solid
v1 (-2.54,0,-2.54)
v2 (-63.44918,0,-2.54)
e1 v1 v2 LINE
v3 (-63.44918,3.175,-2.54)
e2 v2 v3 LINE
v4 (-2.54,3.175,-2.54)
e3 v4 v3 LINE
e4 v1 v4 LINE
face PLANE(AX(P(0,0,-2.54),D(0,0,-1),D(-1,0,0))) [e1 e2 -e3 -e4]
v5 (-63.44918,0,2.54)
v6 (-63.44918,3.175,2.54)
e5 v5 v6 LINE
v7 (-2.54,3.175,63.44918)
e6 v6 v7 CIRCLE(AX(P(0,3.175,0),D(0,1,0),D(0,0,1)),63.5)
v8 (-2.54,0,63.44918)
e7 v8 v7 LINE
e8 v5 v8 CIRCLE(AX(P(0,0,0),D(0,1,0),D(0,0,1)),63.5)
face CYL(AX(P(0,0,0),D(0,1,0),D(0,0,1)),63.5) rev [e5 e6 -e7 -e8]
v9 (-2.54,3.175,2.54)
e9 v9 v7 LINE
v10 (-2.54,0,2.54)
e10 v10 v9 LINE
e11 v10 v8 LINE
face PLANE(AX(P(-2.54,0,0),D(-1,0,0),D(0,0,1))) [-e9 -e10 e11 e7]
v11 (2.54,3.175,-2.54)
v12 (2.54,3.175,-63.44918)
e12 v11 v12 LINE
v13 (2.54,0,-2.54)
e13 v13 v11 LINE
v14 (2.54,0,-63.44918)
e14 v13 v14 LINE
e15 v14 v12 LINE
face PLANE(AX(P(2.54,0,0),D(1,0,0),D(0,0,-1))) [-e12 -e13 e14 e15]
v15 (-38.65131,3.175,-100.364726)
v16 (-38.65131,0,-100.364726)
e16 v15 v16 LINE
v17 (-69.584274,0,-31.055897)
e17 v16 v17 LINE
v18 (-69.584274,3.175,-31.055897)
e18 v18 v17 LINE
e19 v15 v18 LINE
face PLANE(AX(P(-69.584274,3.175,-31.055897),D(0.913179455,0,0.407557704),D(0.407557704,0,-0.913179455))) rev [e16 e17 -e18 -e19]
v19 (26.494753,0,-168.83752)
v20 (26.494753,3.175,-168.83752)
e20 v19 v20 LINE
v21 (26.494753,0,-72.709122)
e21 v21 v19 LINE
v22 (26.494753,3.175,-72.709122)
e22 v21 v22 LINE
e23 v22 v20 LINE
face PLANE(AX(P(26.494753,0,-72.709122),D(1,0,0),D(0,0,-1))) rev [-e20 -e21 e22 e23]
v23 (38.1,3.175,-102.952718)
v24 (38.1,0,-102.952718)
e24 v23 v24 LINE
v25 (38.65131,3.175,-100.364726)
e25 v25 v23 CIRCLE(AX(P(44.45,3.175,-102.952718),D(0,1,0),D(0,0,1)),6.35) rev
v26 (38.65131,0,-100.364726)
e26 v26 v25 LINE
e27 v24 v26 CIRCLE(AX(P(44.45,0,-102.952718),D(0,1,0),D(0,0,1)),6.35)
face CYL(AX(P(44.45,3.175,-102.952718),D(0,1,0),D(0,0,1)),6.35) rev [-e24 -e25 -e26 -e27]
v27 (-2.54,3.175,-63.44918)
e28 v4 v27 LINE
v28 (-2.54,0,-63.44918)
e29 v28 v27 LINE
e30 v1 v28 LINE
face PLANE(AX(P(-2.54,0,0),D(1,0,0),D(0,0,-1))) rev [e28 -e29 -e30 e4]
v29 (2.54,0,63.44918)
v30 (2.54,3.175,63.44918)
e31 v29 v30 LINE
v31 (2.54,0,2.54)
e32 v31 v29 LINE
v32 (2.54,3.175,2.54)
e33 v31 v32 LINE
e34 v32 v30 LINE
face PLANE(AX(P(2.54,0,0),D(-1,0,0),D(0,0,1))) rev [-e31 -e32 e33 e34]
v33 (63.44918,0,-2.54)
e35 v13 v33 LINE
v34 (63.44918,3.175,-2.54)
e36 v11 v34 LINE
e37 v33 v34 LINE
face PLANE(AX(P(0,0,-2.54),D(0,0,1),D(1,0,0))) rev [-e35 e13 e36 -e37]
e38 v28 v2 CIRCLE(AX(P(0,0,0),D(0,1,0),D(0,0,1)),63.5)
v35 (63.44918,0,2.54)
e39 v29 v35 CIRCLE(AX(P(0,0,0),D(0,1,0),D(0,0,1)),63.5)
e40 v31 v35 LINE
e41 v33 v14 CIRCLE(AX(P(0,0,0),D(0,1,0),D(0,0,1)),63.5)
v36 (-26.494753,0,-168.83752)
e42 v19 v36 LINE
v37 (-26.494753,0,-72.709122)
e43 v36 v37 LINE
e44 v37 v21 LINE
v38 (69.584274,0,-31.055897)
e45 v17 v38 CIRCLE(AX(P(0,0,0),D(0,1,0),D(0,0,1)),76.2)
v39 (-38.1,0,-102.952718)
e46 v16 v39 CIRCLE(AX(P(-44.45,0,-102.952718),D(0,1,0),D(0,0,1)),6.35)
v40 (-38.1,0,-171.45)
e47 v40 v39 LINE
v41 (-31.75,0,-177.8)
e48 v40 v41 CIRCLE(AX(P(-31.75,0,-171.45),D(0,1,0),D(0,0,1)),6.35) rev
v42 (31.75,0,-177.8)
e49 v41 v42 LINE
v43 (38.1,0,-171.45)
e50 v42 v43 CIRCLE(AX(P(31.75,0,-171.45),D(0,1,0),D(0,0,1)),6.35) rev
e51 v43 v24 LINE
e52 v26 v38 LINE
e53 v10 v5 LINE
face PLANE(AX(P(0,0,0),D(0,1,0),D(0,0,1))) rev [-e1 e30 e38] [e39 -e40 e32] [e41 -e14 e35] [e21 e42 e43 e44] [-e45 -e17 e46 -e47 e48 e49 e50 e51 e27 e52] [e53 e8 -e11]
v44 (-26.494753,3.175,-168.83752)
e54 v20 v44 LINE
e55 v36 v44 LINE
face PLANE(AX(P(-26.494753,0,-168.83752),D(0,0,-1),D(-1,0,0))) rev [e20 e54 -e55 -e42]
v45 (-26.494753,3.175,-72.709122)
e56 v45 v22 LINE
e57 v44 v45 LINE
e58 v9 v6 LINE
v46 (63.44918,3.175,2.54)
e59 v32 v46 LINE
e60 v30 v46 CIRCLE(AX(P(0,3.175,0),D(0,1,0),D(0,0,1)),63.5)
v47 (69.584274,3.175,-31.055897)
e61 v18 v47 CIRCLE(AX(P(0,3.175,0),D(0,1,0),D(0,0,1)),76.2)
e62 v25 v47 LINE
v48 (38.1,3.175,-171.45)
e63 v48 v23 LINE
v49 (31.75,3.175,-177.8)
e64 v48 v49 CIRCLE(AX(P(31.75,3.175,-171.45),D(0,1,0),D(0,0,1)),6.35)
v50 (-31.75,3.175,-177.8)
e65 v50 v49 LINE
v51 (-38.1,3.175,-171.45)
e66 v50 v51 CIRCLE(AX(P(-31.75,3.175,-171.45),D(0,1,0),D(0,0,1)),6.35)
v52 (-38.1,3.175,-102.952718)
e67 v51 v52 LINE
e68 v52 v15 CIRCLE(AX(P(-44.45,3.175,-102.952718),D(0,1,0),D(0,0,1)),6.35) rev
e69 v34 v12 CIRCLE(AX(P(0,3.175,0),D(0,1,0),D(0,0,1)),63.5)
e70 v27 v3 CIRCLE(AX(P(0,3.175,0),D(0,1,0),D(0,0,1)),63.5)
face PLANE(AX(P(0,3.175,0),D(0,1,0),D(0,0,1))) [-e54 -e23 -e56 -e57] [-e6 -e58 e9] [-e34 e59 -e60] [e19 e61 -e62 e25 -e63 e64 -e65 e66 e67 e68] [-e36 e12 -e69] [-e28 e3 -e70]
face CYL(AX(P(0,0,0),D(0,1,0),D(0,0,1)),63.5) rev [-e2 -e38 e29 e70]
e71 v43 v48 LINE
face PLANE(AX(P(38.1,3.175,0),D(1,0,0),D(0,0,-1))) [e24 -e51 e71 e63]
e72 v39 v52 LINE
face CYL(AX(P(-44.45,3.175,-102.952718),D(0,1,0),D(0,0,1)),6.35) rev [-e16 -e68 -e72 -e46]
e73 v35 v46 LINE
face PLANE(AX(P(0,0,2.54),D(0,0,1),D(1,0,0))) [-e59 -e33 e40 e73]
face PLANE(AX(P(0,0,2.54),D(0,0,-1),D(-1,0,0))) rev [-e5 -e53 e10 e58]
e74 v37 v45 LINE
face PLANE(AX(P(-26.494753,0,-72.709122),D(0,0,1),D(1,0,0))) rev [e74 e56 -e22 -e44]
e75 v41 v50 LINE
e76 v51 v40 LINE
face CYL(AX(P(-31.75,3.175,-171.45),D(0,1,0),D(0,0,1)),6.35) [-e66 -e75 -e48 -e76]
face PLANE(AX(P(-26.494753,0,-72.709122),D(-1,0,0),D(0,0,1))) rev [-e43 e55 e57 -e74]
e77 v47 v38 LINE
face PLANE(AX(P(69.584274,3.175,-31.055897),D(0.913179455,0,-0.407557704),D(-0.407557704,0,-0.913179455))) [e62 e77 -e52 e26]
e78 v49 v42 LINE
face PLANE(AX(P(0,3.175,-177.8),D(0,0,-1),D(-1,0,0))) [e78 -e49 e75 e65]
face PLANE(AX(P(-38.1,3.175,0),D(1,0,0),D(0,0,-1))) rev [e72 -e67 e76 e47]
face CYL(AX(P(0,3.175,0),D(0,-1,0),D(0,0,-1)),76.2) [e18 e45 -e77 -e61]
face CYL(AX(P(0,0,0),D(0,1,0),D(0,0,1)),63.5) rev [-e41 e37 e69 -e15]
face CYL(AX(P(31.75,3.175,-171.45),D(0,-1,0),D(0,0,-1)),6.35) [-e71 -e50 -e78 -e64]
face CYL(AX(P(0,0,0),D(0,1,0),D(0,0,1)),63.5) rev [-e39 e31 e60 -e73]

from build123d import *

# Parameters (mm, degrees)
SKETCH1_R           = 76.2
SKETCH1_W           = 76.2
SKETCH1_H           = 76.2
BOSS_EXTRUDE1_DEPTH = 3.175
FILLET1_R           = 6.35
CUT_EXTRUDE1_DEPTH  = 3.175
SKETCH3_W           = 52.989505278
SKETCH3_H           = 96.128397395
CUT_EXTRUDE2_DEPTH  = 3.175


with BuildPart() as part:
    # Sketch1 → Boss-Extrude1 (new body)
    with BuildSketch(Plane(origin=(0, 0, 0), x_dir=(1, 0, 0), z_dir=(0, 1, 0))):
        Circle(SKETCH1_R)
        with BuildLine():
            Line((38.1, 101.6), (-38.1, 101.6))
            Line((-38.1, 101.6), (-69.5842745, 31.055897063))
            ThreePointArc((-69.5842745, 31.055897063), (0, 76.2), (69.5842745, 31.055897063))
            Line((69.5842745, 31.055897063), (38.1, 101.6))
        make_face()
        with Locations((0, 139.7)):
            Rectangle(SKETCH1_W, SKETCH1_H)
    extrude(amount=BOSS_EXTRUDE1_DEPTH)

    # Fillet1
    fillet1_edges = [part.edges().sort_by_distance(p)[0] for p in [
        (-38.1, 1.5875, -101.6),
        (-38.1, 1.5875, -177.8),
        (38.1, 1.5875, -177.8),
        (38.1, 1.5875, -101.6),
    ]]
    fillet(fillet1_edges, radius=FILLET1_R)

    # Sketch2 → Cut-Extrude1 (cut)
    with BuildSketch(Plane(origin=(0, 3.175, 0), x_dir=(1, 0, 0), z_dir=(0, 1, 0))):
        with BuildLine():
            Line((-63.449179664, 2.54), (-2.54, 2.54))
            Line((-2.54, 2.54), (-2.54, 63.449179664))
            ThreePointArc((-2.54, 63.449179664), (-44.901280605, 44.901280605), (-63.449179664, 2.54))
        make_face()
        with BuildLine():
            Line((2.54, 63.449179664), (2.54, 2.54))
            Line((2.54, 2.54), (63.449179664, 2.54))
            ThreePointArc((63.449179664, 2.54), (44.901280605, 44.901280605), (2.54, 63.449179664))
        make_face()
        with BuildLine():
            Line((63.449179664, -2.54), (2.54, -2.54))
            Line((2.54, -2.54), (2.54, -63.449179664))
            ThreePointArc((2.54, -63.449179664), (44.901280605, -44.901280605), (63.449179664, -2.54))
        make_face()
        with BuildLine():
            Line((-2.54, -63.449179664), (-2.54, -2.54))
            Line((-2.54, -2.54), (-63.449179664, -2.54))
            ThreePointArc((-63.449179664, -2.54), (-44.901280605, -44.901280605), (-2.54, -63.449179664))
        make_face()
    extrude(amount=-CUT_EXTRUDE1_DEPTH, mode=Mode.SUBTRACT)

    # Sketch3 → Cut-Extrude2 (cut)
    with BuildSketch(Plane(origin=(0, 3.175, 0), x_dir=(1, 0, 0), z_dir=(0, 1, 0))):
        with Locations((0, 120.773321073)):
            Rectangle(SKETCH3_W, SKETCH3_H)
    extrude(amount=-CUT_EXTRUDE2_DEPTH, mode=Mode.SUBTRACT)


solid = part.part
